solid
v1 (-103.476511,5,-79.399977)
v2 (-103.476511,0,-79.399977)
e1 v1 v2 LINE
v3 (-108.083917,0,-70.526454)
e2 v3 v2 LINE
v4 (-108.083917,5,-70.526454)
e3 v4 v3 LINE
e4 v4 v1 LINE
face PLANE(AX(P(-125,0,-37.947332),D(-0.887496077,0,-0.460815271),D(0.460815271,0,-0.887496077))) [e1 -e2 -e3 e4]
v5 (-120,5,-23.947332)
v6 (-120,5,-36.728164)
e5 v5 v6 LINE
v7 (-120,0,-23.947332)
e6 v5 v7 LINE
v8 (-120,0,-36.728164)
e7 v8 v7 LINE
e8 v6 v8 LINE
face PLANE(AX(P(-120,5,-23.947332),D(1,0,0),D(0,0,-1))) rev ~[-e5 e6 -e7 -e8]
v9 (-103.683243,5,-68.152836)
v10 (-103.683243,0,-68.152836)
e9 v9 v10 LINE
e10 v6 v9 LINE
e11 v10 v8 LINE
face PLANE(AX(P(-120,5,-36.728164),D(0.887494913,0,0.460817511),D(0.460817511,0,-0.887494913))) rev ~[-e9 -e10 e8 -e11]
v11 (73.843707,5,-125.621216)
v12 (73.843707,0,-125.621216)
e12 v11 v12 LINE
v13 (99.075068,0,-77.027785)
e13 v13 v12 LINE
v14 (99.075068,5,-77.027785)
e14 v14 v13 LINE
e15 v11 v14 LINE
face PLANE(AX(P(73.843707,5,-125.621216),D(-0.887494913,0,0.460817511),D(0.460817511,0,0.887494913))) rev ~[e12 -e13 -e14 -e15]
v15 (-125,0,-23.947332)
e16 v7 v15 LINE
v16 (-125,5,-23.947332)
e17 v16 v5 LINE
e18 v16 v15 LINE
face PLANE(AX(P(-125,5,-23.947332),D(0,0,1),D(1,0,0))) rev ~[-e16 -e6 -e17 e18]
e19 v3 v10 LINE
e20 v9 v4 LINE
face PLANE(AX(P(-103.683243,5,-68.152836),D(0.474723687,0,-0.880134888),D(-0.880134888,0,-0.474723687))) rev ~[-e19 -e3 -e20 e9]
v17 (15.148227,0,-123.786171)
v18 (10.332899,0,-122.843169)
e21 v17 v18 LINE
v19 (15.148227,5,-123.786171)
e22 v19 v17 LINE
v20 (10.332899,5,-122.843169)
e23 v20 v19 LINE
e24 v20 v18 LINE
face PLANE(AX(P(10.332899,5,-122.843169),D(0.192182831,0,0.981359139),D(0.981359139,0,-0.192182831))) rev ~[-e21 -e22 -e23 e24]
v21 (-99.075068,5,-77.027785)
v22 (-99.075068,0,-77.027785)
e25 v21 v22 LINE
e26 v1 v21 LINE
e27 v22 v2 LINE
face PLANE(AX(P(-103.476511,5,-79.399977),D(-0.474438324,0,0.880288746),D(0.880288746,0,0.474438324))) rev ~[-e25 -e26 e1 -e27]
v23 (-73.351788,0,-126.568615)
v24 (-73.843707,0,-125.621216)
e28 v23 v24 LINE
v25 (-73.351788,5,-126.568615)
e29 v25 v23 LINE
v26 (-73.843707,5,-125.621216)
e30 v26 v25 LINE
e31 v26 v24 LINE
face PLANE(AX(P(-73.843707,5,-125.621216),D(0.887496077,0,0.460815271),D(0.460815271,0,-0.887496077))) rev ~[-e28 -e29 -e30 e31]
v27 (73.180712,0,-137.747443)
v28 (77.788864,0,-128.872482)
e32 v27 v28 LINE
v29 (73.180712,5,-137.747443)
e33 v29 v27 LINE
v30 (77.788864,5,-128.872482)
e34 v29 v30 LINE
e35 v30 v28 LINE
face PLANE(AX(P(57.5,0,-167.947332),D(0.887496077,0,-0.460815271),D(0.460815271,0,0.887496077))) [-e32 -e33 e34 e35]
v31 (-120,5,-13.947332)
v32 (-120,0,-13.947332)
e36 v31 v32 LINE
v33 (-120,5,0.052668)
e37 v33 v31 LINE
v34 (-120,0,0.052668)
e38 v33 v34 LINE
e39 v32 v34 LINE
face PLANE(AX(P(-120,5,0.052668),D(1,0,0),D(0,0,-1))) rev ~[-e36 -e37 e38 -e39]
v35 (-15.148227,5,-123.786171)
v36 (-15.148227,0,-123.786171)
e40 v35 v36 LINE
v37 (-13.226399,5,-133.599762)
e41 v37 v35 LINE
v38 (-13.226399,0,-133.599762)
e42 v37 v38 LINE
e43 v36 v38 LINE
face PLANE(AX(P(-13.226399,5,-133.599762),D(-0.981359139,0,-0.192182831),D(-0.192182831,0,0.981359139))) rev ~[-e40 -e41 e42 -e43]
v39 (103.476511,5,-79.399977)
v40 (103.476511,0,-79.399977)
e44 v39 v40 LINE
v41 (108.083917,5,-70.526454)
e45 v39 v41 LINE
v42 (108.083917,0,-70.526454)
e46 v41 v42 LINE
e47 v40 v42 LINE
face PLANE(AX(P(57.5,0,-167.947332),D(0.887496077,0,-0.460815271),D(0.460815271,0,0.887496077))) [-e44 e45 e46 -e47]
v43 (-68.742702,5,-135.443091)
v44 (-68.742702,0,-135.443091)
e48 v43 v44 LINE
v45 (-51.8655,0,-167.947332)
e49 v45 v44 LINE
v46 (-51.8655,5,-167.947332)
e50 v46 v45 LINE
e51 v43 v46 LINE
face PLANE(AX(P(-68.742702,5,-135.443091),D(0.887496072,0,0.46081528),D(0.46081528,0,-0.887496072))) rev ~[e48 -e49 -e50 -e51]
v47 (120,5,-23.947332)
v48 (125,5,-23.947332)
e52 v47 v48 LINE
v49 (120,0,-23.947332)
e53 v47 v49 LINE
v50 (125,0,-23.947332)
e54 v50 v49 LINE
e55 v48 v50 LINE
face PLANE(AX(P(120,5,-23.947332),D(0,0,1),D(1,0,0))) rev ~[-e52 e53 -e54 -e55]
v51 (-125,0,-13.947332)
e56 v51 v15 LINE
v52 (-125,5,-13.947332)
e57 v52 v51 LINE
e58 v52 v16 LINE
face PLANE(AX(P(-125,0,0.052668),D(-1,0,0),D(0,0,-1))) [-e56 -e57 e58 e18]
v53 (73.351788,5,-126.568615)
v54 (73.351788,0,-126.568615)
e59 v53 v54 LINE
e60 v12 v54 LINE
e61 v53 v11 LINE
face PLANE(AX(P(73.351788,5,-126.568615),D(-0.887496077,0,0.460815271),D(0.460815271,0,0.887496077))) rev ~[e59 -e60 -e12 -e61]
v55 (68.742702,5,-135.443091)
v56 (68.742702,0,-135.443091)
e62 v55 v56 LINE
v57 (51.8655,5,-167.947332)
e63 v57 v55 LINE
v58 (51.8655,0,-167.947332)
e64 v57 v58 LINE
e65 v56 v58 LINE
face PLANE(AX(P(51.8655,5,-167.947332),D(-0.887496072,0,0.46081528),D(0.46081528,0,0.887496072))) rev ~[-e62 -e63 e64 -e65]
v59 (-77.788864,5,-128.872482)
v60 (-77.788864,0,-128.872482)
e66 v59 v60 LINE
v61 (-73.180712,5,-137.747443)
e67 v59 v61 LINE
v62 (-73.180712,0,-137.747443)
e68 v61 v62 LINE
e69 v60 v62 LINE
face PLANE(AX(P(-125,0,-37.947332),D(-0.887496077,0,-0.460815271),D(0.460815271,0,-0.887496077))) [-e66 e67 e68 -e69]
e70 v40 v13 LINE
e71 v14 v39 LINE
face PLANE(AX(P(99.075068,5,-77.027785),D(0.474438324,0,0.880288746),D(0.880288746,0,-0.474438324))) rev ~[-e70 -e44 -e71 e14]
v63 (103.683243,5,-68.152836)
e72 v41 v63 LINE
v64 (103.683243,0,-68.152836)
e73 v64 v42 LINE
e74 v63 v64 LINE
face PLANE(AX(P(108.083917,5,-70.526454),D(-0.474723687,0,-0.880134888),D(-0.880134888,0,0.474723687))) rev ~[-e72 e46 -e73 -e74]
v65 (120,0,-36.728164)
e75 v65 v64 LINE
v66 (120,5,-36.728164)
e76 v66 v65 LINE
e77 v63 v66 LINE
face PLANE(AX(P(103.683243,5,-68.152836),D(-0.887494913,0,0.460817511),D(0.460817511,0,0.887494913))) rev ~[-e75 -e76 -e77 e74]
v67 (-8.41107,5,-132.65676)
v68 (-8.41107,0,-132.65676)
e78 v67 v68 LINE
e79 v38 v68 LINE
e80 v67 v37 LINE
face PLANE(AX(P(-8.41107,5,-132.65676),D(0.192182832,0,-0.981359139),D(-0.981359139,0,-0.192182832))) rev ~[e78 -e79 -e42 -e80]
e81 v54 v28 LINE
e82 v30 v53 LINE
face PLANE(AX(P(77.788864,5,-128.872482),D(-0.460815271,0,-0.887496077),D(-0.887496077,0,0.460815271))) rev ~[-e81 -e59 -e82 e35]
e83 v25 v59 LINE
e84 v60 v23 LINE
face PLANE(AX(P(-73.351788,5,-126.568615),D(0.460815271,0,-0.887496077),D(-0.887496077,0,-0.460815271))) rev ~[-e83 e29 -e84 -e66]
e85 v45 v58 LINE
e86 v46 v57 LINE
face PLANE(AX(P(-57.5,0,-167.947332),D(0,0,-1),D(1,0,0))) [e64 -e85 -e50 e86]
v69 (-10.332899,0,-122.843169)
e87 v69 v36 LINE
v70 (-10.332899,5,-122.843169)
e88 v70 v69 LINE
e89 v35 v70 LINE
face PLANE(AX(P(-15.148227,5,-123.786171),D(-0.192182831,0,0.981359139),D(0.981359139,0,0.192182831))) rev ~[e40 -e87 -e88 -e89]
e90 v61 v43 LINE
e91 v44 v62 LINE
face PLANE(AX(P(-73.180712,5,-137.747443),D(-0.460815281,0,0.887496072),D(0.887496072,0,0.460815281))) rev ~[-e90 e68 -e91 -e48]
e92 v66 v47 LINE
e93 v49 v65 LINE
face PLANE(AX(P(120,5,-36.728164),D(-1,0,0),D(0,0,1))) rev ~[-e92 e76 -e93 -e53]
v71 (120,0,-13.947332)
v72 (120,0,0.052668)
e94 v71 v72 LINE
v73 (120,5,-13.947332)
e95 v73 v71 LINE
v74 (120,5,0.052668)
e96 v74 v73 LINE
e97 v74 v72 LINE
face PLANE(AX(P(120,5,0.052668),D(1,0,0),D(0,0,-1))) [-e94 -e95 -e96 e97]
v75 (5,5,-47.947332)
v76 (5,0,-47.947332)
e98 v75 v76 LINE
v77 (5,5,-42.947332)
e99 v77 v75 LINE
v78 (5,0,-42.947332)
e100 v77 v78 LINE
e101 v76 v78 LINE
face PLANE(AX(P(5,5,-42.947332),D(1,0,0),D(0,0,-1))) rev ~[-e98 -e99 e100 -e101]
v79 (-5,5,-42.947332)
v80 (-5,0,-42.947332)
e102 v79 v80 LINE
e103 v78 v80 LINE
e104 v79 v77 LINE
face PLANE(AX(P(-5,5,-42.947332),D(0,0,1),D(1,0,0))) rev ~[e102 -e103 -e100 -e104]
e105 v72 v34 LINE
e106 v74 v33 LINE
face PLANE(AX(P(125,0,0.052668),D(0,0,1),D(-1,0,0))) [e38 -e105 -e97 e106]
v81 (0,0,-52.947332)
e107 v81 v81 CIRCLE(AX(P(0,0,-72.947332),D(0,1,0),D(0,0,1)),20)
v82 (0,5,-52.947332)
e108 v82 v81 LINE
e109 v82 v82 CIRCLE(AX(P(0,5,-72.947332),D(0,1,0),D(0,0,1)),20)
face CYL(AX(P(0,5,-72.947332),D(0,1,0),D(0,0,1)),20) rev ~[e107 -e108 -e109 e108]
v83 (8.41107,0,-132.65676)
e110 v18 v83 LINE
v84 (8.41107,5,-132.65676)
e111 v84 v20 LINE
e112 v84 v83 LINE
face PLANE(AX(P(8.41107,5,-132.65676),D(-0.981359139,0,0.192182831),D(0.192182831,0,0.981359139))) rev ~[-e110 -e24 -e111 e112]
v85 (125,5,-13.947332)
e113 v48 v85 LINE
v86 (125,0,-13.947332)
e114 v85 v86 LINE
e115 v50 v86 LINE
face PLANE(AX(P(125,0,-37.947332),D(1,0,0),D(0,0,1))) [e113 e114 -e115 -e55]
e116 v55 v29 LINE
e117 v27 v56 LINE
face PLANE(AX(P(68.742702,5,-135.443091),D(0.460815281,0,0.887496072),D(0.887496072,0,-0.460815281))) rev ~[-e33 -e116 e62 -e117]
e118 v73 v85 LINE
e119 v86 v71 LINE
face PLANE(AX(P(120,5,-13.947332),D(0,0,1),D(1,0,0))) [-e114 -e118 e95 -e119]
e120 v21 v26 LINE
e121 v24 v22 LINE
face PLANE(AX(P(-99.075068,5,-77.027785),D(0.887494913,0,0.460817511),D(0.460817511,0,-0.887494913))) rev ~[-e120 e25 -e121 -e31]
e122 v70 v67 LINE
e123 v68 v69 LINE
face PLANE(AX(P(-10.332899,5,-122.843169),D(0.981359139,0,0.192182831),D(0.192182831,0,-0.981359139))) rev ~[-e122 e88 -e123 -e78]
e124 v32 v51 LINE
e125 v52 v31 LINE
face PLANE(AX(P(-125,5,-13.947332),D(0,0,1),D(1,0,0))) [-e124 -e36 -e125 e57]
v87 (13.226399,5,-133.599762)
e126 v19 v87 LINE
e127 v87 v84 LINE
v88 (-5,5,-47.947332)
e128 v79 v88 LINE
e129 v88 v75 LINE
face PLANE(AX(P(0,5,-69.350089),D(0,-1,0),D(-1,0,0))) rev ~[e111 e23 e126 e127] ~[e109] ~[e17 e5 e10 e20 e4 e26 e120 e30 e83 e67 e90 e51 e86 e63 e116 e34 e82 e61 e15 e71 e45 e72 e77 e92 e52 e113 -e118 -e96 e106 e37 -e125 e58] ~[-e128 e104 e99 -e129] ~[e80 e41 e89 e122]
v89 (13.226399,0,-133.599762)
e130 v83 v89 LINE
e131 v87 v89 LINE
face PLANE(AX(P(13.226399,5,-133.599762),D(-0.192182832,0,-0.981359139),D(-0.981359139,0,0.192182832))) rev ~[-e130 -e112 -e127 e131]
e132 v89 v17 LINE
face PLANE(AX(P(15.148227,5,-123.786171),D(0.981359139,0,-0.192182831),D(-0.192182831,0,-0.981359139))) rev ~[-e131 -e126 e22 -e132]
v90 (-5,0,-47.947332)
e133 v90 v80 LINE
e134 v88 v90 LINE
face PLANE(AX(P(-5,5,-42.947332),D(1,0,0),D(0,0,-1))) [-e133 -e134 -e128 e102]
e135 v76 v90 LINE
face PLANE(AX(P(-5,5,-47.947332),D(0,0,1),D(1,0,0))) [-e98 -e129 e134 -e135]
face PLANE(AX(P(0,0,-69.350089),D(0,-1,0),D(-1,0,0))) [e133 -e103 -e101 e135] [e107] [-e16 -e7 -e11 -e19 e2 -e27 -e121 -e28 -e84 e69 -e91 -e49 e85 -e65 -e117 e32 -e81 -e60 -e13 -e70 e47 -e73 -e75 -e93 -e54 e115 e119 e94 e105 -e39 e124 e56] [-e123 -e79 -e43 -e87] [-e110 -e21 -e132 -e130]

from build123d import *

# Parameters (mm, degrees)
BOSS_EXTRUDE1_DEPTH = 5
SKETCH2_W           = 5
SKETCH2_H           = 14
SKETCH2_W_2         = 10
SKETCH2_H_2         = 5
SKETCH2_R           = 20
CUT_EXTRUDE1_DEPTH  = 210.418973113


with BuildPart() as part:
    # Sketch1 → Boss-Extrude1 (new body)
    with BuildSketch(Plane(origin=(0, 0, 0), x_dir=(1, 0, 0), z_dir=(0, 1, 0))):
        Polygon((-57.5, 167.947331922), (57.5, 167.947331922), (125, 37.947331922), (125, -0.052668078), (-125, -0.052668078), (-125, 37.947331922), align=None)
    extrude(amount=BOSS_EXTRUDE1_DEPTH)

    # Sketch2 → Cut-Extrude1 (cut, through all)
    with BuildSketch(Plane(origin=(0, 5, 0), x_dir=(1, 0, 0), z_dir=(0, 1, 0))):
        Polygon((-77.788864465, 128.872481842), (-103.476511391, 79.39997665), (-99.075067661, 77.027785029), (-73.843707474, 125.621215804), (-73.351788432, 126.56861544), align=None)
        Polygon((-125, 37.947331922), (-125, 23.947331922), (-120, 23.947331922), (-120, 36.728164098), (-103.683242772, 68.152835894), (-108.083917213, 70.526454327), align=None)
        with Locations((-122.5, 6.947331922)):
            Rectangle(SKETCH2_W, SKETCH2_H)
        with Locations((0, 45.447331922)):
            Rectangle(SKETCH2_W_2, SKETCH2_H_2)
        Polygon((-8.411070301, 132.656760174), (-13.226399097, 133.599762064), (-15.148227411, 123.786170675), (-10.332898614, 122.843168786), align=None)
        Polygon((10.332898614, 122.843168786), (15.148227411, 123.786170675), (13.226399097, 133.599762064), (8.411070301, 132.656760174), align=None)
        Polygon((-73.180711758, 137.74744261), (-68.74270223, 135.443091446), (-51.865499988, 167.947331922), (-57.5, 167.947331922), align=None)
        Polygon((73.351788432, 126.56861544), (73.843707474, 125.621215804), (99.075067661, 77.027785029), (103.476511391, 79.39997665), (77.788864465, 128.872481842), align=None)
        Polygon((68.74270223, 135.443091446), (73.180711758, 137.74744261), (57.5, 167.947331922), (51.865499988, 167.947331922), align=None)
        with Locations((122.5, 6.947331922)):
            Rectangle(SKETCH2_W, SKETCH2_H)
        Polygon((125, 23.947331922), (125, 37.947331922), (108.083917213, 70.526454327), (103.683242772, 68.152835894), (120, 36.728164098), (120, 23.947331922), align=None)
        with Locations(Location((0, 72.947331922, 0), (0, 0, 270))):
            Circle(SKETCH2_R)
    extrude(amount=-CUT_EXTRUDE1_DEPTH, mode=Mode.SUBTRACT)


solid = part.part
